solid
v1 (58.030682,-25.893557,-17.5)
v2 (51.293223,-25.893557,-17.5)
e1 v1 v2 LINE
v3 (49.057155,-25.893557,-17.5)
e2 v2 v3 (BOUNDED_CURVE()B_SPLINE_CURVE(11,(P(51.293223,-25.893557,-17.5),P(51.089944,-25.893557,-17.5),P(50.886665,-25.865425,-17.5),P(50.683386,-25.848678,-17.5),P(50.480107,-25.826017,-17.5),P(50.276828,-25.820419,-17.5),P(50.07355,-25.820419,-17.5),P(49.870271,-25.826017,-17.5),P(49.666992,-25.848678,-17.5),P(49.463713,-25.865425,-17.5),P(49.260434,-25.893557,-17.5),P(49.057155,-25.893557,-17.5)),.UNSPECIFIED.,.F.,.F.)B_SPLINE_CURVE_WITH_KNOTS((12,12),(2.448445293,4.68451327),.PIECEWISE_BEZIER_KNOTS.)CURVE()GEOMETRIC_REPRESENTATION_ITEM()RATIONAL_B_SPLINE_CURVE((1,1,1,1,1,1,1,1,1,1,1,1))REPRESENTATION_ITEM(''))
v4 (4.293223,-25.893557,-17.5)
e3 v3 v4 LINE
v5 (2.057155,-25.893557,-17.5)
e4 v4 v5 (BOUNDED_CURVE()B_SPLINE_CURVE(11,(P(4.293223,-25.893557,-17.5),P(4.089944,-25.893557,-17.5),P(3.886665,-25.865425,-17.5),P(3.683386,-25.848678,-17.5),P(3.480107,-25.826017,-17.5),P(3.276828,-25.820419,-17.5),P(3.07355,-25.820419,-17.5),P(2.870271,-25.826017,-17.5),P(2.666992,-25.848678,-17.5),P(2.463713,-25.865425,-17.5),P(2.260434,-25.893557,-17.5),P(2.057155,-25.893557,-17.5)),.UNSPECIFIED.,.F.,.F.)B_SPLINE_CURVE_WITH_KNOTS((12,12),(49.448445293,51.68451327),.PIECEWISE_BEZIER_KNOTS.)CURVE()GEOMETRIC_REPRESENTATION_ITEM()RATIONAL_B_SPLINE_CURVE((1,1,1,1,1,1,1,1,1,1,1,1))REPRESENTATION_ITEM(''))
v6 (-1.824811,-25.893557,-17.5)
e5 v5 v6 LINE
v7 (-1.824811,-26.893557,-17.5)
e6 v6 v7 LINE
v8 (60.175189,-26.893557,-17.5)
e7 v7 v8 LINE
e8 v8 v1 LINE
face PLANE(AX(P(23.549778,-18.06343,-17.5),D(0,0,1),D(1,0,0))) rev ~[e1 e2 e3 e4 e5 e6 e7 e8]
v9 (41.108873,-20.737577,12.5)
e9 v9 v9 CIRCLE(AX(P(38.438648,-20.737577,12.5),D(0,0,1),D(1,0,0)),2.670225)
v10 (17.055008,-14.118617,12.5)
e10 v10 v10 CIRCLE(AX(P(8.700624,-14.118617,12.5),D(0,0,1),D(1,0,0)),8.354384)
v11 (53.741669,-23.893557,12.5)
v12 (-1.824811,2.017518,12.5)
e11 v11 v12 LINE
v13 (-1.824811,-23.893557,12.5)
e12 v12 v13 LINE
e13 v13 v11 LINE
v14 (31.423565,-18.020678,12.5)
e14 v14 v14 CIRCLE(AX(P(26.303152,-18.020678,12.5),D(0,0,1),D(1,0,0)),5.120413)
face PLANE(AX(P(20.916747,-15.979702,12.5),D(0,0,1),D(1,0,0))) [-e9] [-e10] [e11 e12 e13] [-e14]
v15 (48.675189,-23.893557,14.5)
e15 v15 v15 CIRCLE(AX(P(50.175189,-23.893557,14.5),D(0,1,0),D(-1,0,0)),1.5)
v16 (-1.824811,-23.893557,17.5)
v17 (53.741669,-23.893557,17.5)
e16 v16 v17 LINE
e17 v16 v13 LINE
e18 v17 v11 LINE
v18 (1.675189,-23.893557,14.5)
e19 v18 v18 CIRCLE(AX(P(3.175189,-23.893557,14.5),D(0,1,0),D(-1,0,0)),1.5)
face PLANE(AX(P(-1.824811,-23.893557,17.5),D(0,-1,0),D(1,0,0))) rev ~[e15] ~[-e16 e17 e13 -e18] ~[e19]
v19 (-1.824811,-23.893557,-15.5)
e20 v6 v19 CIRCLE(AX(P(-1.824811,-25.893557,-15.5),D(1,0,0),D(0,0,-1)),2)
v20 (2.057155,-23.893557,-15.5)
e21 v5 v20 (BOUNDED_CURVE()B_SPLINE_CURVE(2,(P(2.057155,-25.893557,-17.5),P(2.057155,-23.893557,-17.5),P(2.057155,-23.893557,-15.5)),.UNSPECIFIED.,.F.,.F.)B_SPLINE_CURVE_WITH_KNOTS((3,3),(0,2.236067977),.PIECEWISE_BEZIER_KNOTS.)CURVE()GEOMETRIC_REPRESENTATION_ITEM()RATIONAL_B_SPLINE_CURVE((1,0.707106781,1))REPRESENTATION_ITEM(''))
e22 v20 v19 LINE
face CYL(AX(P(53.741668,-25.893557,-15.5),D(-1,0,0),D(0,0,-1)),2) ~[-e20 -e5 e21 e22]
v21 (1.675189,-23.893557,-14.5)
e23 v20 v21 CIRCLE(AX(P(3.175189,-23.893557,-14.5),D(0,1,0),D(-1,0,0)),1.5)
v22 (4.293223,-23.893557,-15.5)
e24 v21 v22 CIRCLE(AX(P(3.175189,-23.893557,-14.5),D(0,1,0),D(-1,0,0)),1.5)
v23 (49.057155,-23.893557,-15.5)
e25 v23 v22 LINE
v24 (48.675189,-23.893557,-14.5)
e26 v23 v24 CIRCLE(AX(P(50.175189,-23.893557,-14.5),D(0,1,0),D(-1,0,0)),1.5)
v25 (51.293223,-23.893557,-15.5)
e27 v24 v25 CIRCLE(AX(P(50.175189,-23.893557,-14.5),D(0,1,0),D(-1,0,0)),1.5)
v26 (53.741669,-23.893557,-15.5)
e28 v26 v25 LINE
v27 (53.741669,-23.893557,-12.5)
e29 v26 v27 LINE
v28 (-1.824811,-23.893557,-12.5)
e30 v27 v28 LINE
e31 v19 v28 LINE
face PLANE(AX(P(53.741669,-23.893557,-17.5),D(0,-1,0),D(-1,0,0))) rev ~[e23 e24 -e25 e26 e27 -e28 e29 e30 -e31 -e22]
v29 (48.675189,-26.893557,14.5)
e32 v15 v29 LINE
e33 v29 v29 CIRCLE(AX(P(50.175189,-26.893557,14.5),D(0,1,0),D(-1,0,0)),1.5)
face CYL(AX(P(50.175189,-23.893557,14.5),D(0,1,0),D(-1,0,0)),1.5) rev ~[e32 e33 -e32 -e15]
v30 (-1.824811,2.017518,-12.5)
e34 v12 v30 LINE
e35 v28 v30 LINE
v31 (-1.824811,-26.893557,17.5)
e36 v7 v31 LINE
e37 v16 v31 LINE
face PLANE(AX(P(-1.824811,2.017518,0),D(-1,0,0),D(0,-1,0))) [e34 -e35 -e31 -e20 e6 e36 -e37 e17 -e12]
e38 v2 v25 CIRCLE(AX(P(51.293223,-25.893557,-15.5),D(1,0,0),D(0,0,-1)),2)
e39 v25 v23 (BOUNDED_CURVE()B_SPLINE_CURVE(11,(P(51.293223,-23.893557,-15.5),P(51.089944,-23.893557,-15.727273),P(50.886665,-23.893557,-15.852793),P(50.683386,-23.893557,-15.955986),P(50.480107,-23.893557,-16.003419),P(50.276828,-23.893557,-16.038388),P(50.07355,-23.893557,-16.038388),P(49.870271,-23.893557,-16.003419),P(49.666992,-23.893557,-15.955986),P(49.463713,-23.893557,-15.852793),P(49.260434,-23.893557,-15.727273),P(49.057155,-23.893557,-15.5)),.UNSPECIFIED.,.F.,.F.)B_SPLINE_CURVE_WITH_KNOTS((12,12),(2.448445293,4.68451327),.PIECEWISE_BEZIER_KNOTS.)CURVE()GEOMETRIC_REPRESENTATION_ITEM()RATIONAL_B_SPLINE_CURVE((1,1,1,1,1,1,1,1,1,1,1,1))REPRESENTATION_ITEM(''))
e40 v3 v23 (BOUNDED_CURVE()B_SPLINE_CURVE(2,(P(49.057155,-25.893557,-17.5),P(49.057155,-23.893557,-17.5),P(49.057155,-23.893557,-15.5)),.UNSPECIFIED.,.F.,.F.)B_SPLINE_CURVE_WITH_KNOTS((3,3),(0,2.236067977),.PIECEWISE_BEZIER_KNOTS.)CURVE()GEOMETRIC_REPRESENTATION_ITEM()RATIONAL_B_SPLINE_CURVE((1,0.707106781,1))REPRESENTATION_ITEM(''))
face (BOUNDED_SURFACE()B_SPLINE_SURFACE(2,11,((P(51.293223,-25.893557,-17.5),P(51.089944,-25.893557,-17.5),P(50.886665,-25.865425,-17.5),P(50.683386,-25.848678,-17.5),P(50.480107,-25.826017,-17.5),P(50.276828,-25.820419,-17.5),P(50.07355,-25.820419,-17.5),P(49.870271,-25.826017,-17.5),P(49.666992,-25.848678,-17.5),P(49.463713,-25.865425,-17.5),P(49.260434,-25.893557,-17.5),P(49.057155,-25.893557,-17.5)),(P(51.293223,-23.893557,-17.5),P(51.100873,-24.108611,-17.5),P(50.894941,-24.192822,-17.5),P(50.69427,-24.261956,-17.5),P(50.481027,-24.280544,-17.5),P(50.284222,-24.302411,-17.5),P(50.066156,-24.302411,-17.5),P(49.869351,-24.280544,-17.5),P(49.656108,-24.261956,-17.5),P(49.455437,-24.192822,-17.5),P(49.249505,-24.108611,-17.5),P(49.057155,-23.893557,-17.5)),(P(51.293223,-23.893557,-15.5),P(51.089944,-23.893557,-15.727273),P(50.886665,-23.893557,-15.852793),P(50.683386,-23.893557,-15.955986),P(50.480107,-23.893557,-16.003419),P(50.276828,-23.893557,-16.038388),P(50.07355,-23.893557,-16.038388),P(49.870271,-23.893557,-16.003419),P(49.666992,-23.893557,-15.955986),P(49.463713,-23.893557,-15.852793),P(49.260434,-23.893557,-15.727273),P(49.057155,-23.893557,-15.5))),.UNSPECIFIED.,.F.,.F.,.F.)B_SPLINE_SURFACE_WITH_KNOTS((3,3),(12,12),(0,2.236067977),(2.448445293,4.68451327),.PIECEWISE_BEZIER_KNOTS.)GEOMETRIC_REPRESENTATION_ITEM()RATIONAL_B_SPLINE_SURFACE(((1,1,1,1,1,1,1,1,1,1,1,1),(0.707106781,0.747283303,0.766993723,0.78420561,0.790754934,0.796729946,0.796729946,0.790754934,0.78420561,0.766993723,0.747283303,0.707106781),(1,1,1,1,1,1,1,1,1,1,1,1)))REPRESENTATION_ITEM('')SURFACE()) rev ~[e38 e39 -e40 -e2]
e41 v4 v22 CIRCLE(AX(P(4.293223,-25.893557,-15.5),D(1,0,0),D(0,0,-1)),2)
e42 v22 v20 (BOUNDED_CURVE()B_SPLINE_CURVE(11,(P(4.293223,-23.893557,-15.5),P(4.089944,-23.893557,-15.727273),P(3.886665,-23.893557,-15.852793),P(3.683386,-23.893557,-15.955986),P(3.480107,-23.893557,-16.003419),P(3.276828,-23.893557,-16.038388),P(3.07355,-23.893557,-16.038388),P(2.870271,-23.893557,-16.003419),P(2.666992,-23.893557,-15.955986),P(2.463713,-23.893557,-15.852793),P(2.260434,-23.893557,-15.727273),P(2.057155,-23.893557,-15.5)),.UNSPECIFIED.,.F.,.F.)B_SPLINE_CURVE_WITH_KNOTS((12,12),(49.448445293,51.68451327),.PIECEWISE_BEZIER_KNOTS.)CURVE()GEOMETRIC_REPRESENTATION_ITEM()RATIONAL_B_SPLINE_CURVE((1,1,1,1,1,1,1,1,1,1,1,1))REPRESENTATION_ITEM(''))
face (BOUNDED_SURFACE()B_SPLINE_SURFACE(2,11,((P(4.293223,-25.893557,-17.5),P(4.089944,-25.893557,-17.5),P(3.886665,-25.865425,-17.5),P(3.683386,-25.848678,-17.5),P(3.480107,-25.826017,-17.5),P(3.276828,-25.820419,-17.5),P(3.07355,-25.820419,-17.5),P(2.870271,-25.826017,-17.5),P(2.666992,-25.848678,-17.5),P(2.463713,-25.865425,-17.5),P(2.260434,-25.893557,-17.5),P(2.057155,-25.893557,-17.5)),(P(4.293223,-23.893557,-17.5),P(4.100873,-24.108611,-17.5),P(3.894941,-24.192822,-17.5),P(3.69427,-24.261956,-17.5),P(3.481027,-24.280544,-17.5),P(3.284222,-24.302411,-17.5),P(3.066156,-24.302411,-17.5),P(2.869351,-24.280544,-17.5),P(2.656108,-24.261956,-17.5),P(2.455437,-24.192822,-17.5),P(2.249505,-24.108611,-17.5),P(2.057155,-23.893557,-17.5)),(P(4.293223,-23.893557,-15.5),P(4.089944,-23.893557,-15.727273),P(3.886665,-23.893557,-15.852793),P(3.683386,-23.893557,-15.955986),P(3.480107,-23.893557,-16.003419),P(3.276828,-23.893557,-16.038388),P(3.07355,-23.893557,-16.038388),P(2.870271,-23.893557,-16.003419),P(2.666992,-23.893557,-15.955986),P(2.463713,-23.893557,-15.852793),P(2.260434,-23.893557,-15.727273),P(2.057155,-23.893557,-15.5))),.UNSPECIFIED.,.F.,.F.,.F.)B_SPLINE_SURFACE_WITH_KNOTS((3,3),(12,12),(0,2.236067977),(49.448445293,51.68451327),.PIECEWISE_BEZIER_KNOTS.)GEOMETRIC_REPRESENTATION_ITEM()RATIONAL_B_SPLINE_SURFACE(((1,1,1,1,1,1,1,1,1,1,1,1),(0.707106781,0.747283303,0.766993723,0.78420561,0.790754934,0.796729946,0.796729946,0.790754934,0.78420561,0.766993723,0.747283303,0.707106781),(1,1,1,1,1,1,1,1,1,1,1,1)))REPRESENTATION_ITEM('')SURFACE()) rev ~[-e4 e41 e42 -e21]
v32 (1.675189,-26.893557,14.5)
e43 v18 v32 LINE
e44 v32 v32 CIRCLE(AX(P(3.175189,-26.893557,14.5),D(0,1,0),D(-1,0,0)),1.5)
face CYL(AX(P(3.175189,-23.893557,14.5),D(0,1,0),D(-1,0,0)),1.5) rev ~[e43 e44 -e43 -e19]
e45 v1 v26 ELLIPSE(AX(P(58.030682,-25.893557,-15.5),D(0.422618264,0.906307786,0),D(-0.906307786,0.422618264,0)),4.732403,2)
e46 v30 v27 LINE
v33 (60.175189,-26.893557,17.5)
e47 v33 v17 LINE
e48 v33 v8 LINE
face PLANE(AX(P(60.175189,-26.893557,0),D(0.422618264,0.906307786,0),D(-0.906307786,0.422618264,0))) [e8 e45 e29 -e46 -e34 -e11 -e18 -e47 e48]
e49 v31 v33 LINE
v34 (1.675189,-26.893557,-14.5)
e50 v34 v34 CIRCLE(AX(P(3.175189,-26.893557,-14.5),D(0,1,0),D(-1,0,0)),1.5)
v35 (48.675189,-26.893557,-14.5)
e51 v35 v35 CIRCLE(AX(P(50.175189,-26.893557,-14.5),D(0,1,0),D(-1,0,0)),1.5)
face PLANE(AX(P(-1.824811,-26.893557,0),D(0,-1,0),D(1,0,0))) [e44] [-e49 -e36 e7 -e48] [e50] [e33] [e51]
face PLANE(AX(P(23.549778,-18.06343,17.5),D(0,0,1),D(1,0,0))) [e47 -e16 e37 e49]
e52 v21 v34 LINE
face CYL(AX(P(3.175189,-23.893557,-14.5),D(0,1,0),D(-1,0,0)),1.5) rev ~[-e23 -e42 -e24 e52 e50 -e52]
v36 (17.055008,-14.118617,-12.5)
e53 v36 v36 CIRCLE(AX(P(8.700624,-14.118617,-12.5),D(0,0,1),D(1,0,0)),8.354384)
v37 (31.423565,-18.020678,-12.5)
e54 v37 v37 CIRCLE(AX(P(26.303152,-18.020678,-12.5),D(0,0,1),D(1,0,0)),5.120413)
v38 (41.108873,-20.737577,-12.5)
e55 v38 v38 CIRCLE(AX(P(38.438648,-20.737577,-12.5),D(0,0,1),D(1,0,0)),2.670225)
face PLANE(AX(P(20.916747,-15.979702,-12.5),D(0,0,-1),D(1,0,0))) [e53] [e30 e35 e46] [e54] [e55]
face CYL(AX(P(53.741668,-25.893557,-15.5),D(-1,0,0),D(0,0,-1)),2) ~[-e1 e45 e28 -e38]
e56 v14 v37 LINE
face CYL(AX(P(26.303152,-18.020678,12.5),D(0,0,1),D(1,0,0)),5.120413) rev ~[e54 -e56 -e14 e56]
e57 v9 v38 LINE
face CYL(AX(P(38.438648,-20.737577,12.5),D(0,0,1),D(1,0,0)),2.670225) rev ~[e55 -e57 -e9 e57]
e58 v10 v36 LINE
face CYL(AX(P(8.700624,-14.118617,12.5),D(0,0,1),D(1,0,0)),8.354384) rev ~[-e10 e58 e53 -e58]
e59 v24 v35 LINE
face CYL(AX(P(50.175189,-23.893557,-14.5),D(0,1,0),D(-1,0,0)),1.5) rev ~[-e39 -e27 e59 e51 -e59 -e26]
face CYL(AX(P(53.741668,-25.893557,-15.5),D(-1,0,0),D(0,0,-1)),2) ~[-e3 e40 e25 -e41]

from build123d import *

# Parameters (mm, degrees)
PAD_DEPTH       = 17.5
POCKET_DEPTH    = 5
POCKET001_DEPTH = 5
SKETCH003_R     = 1.5
POCKET002_DEPTH = 3.001
SKETCH005_R     = 8.354384
SKETCH005_R_2   = 5.120413
SKETCH005_R_3   = 2.670225
POCKET004_DEPTH = 30.001
FILLET_R        = 2


with BuildPart() as part:
    # Sketch → Pad (new body, symmetric)
    with BuildSketch(Plane.XY):
        Polygon((-1.824811, 2.017518), (-1.824811, -26.893557), (60.175189, -26.893557), align=None)
    extrude(amount=PAD_DEPTH, both=True)

    # Sketch001 → Pocket (cut)
    with BuildSketch(Plane.XY.offset(17.5)):
        Polygon((-1.824811, 2.017518), (-1.824811, -23.893557), (53.741669, -23.893557), align=None)
    extrude(amount=-POCKET_DEPTH, mode=Mode.SUBTRACT)

    # Sketch002 → Pocket001 (cut)
    with BuildSketch(Plane(origin=(0, 0, -17.5), x_dir=(1, 0, 0), z_dir=(0, 0, -1))):
        Polygon((53.741669, 23.893557), (-1.824811, 23.893557), (-1.824811, -2.017518), align=None)
    extrude(amount=-POCKET001_DEPTH, mode=Mode.SUBTRACT)

    # Sketch003 → Pocket002 (cut, through all)
    with BuildSketch(Plane(origin=(0, -23.893557, 0), x_dir=(-1, 0, 0), z_dir=(0, 1, 0))):
        with Locations((-50.175189, 14.5)):
            Circle(SKETCH003_R)
        with Locations((-3.175189, 14.5)):
            Circle(SKETCH003_R)
        with Locations((-50.175189, -14.5)):
            Circle(SKETCH003_R)
        with Locations((-3.175189, -14.5)):
            Circle(SKETCH003_R)
    extrude(amount=-POCKET002_DEPTH, mode=Mode.SUBTRACT)

    # Sketch005 → Pocket004 (cut, through all)
    with BuildSketch(Plane.XY.offset(12.5)):
        with Locations((8.700624, -14.118617)):
            Circle(SKETCH005_R)
        with Locations((26.303152, -18.020678)):
            Circle(SKETCH005_R_2)
        with Locations((38.438648, -20.737577)):
            Circle(SKETCH005_R_3)
    extrude(amount=-POCKET004_DEPTH, mode=Mode.SUBTRACT)

    # Fillet
    fillet_edges = [part.edges().sort_by_distance(p)[0] for p in [
        (25.958429, -23.893557, -17.5),
    ]]
    fillet(fillet_edges, radius=FILLET_R)


solid = part.part
